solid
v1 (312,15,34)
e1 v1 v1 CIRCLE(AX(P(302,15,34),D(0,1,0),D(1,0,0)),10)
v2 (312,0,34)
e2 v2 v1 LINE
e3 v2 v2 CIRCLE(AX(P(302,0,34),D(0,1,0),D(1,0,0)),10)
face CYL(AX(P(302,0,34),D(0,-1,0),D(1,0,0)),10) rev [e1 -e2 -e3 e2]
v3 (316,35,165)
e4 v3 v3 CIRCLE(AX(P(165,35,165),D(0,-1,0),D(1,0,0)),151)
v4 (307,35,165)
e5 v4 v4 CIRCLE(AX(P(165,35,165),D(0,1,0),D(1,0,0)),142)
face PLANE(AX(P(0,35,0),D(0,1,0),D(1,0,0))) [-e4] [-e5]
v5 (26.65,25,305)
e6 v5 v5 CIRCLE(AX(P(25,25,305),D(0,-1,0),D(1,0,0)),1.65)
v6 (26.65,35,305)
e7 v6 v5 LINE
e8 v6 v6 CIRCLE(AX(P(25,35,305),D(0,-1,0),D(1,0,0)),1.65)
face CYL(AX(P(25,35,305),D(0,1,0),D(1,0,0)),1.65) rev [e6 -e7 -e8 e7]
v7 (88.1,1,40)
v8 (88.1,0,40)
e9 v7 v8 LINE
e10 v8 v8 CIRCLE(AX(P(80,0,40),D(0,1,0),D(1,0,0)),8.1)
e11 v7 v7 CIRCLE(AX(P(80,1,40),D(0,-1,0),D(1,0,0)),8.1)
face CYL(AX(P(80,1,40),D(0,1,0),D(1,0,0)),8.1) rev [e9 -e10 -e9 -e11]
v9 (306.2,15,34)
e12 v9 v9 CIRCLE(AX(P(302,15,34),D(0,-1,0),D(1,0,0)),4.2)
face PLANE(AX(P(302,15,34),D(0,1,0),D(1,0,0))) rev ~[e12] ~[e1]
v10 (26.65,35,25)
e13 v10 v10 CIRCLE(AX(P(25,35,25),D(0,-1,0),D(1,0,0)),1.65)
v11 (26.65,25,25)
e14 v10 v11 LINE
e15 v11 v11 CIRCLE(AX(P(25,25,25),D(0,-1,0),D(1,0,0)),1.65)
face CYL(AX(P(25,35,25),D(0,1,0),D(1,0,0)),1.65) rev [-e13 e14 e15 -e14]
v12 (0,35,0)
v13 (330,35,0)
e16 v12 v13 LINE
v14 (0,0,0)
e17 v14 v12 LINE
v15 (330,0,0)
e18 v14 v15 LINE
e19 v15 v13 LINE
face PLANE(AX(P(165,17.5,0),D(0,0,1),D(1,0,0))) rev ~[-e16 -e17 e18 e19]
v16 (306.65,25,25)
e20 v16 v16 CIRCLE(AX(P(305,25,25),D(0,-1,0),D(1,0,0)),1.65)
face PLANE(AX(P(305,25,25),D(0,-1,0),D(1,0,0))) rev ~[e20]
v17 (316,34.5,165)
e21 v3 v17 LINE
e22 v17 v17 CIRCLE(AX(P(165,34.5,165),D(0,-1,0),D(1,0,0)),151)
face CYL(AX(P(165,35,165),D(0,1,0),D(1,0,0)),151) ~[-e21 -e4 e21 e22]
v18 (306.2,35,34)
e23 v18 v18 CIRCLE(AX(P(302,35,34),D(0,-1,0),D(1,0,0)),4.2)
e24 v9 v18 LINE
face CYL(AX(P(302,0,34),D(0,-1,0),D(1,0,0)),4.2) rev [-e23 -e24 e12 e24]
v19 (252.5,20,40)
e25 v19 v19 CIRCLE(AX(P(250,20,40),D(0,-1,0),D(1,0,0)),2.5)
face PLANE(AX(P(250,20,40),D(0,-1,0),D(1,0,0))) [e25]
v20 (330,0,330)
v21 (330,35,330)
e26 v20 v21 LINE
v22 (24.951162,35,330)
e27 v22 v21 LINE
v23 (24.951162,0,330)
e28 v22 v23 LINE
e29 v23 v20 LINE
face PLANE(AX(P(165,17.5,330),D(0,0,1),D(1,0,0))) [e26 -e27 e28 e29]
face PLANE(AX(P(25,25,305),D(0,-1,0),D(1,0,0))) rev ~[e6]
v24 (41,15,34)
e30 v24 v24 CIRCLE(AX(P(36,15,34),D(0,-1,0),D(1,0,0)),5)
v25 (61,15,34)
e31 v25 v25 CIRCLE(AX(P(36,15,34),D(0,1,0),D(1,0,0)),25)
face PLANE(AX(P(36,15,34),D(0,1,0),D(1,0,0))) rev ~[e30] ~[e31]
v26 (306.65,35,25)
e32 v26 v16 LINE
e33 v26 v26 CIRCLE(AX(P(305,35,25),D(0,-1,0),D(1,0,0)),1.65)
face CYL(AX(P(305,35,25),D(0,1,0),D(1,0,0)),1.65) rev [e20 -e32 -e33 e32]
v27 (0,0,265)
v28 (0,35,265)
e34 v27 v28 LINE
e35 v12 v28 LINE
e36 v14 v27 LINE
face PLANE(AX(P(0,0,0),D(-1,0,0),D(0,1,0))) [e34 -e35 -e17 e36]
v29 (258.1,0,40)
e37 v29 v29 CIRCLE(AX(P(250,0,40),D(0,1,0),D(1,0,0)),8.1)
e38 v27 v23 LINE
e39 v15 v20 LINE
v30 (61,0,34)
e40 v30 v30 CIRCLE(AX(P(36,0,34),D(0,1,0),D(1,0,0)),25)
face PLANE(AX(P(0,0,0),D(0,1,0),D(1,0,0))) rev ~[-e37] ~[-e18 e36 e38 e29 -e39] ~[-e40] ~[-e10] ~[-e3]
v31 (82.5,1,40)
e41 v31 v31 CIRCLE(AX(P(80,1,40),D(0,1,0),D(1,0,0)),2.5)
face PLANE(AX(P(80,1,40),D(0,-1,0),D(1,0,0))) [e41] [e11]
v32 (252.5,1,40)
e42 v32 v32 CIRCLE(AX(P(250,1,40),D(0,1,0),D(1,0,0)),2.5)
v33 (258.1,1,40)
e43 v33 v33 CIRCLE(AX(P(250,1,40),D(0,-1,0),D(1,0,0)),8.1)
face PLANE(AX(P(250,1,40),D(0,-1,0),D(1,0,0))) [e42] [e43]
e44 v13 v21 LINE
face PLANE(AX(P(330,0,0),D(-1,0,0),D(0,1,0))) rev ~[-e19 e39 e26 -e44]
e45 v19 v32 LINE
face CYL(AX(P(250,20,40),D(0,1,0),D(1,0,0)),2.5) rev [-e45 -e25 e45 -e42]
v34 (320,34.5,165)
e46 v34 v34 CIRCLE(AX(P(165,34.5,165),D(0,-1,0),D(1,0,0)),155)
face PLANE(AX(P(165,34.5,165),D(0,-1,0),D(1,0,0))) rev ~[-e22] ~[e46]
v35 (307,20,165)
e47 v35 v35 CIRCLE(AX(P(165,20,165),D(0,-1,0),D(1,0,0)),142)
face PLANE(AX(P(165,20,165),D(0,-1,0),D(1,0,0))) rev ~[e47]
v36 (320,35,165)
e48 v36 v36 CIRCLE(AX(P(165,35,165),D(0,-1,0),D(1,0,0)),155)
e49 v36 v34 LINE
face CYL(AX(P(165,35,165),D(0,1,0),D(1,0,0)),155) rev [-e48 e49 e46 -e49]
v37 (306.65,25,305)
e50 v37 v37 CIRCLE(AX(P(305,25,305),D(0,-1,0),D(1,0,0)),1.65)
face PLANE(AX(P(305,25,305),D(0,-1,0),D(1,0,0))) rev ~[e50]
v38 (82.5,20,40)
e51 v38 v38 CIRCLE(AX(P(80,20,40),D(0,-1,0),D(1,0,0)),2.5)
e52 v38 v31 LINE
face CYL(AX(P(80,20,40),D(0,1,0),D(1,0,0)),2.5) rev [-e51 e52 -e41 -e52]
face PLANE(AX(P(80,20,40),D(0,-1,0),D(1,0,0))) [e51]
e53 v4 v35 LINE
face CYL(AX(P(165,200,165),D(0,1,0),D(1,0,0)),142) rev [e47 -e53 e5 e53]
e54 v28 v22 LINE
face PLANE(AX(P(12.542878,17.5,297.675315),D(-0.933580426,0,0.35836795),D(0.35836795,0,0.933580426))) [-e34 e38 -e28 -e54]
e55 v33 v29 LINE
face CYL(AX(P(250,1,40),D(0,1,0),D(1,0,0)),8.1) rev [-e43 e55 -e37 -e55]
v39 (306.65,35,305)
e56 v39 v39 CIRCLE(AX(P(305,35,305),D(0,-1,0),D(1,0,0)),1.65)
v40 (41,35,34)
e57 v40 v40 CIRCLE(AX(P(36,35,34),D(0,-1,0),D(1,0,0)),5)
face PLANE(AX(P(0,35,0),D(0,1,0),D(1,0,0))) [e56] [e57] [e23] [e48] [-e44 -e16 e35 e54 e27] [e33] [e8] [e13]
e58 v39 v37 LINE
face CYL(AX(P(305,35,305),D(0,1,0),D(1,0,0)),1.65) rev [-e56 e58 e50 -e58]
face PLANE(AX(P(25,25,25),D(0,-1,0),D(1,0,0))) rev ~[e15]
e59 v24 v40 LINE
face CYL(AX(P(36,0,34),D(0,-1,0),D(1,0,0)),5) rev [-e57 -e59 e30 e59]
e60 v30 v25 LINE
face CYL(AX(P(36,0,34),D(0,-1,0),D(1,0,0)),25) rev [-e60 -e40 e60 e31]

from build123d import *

# Parameters (mm, degrees)
CYLINDER021_R          = 1.65
CYLINDER021_DEPTH      = 10
CYLINDER022_R          = 1.65
CYLINDER022_DEPTH      = 10
CYLINDER023_R          = 1.65
CYLINDER023_DEPTH      = 10
CYLINDER024_R          = 1.65
CYLINDER024_DEPTH      = 10
CYLINDER020_R          = 8.1
CYLINDER020_DEPTH      = 20
CYLINDER019_R          = 8.1
CYLINDER019_DEPTH      = 20
CYLINDER008_R          = 2.5
CYLINDER008_DEPTH      = 20
CYLINDER007_R          = 2.5
CYLINDER007_DEPTH      = 20
CYLINDER006_R          = 142
CYLINDER006_DEPTH      = 180
CYLINDER005_R          = 151
CYLINDER005_DEPTH      = 0.5
CYLINDER004_R          = 155
CYLINDER004_DEPTH      = 0.5
CUT002_PLACEMENT_ANGLE = 90
CYLINDER003_R          = 25
CYLINDER003_DEPTH      = 15
CYLINDER001_R          = 5
CYLINDER001_DEPTH      = 40
CYLINDER_R             = 4.2
CYLINDER_DEPTH         = 40
CYLINDER002_R          = 10
CYLINDER002_DEPTH      = 15
BOX001_W               = 70
BOX001_H               = 35
BOX001_DEPTH           = 50
BOX001_PLACEMENT_ANGLE = 69
BOX_W                  = 330
BOX_H                  = 35
BOX_DEPTH              = 330


with BuildPart() as zylinder021:
    # Cylinder021 → Cylinder021 (new body)
    with BuildSketch(Plane(origin=(25, 35, 25), x_dir=(1, 0, 0), z_dir=(0, -1, 0))):
        Circle(CYLINDER021_R)
    extrude(amount=CYLINDER021_DEPTH)


with BuildPart() as zylinder022:
    # Cylinder022 → Cylinder022 (new body)
    with BuildSketch(Plane(origin=(305, 35, 25), x_dir=(1, 0, 0), z_dir=(0, -1, 0))):
        Circle(CYLINDER022_R)
    extrude(amount=CYLINDER022_DEPTH)


with BuildPart() as zylinder023:
    # Cylinder023 → Cylinder023 (new body)
    with BuildSketch(Plane(origin=(25, 35, 305), x_dir=(1, 0, 0), z_dir=(0, -1, 0))):
        Circle(CYLINDER023_R)
    extrude(amount=CYLINDER023_DEPTH)


with BuildPart() as holeform4copperscrew:
    # Cylinder024 → Cylinder024 (new body)
    with BuildSketch(Plane(origin=(305, 35, 305), x_dir=(1, 0, 0), z_dir=(0, -1, 0))):
        Circle(CYLINDER024_R)
    extrude(amount=CYLINDER024_DEPTH)

    # Fusion006: union Zylinder021, Zylinder022, Zylinder023
    add(zylinder021.part)
    add(zylinder022.part)
    add(zylinder023.part)


with BuildPart() as zylinder020:
    # Cylinder020 → Cylinder020 (new body)
    with BuildSketch(Plane(origin=(80, 1, 40), x_dir=(1, 0, 0), z_dir=(0, -1, 0))):
        Circle(CYLINDER020_R)
    extrude(amount=CYLINDER020_DEPTH)


with BuildPart() as fusion005:
    # Cylinder019 → Cylinder019 (new body)
    with BuildSketch(Plane(origin=(250, 1, 40), x_dir=(1, 0, 0), z_dir=(0, -1, 0))):
        Circle(CYLINDER019_R)
    extrude(amount=CYLINDER019_DEPTH)

    # Fusion005: union Zylinder020
    add(zylinder020.part)


with BuildPart() as zylinder008:
    # Cylinder008 → Cylinder008 (new body)
    with BuildSketch(Plane(origin=(250, 20, 40), x_dir=(1, 0, 0), z_dir=(0, -1, 0))):
        Circle(CYLINDER008_R)
    extrude(amount=CYLINDER008_DEPTH)


with BuildPart() as fusion003:
    # Cylinder007 → Cylinder007 (new body)
    with BuildSketch(Plane(origin=(80, 20, 40), x_dir=(1, 0, 0), z_dir=(0, -1, 0))):
        Circle(CYLINDER007_R)
    extrude(amount=CYLINDER007_DEPTH)

    # Fusion003: union Zylinder008
    add(zylinder008.part)


with BuildPart() as zylinder006:
    # Cylinder006 → Cylinder006 (new body)
    with BuildSketch(Plane(origin=(165, 200, 165), x_dir=(1, 0, 0), z_dir=(0, -1, 0))):
        Circle(CYLINDER006_R)
    extrude(amount=CYLINDER006_DEPTH)


with BuildPart() as zylinder005:
    # Cylinder005 → Cylinder005 (new body)
    with BuildSketch(Plane.XY):
        Circle(CYLINDER005_R)
    extrude(amount=CYLINDER005_DEPTH)


with BuildPart() as cut002:
    # Cylinder004 → Cylinder004 (new body)
    with BuildSketch(Plane.XY):
        Circle(CYLINDER004_R)
    extrude(amount=CYLINDER004_DEPTH)

    # Cut002: cut Zylinder005
    add(zylinder005.part, mode=Mode.SUBTRACT)


with BuildPart() as cut002_1:
    # Cut002 placement: moved
    add(cut002.part.moved(Location((165, 35, 165))).rotate(Axis((165, 35, 165), (1, 0, 0)), CUT002_PLACEMENT_ANGLE))


with BuildPart() as zylinder003:
    # Cylinder003 → Cylinder003 (new body)
    with BuildSketch(Plane(origin=(36, 0, 34), x_dir=(1, 0, 0), z_dir=(0, 1, 0))):
        Circle(CYLINDER003_R)
    extrude(amount=CYLINDER003_DEPTH)


with BuildPart() as fusion001:
    # Cylinder001 → Cylinder001 (new body)
    with BuildSketch(Plane(origin=(36, 0, 34), x_dir=(1, 0, 0), z_dir=(0, 1, 0))):
        Circle(CYLINDER001_R)
    extrude(amount=CYLINDER001_DEPTH)

    # Fusion001: union Zylinder003
    add(zylinder003.part)


with BuildPart() as zylinder:
    # Cylinder → Cylinder (new body)
    with BuildSketch(Plane(origin=(302, 0, 34), x_dir=(1, 0, 0), z_dir=(0, 1, 0))):
        Circle(CYLINDER_R)
    extrude(amount=CYLINDER_DEPTH)


with BuildPart() as fusion002:
    # Cylinder002 → Cylinder002 (new body)
    with BuildSketch(Plane(origin=(302, 0, 34), x_dir=(1, 0, 0), z_dir=(0, 1, 0))):
        Circle(CYLINDER002_R)
    extrude(amount=CYLINDER002_DEPTH)

    # Fusion: union Zylinder
    add(zylinder.part)

    # Fusion002: union Fusion001
    add(fusion001.part)


with BuildPart() as w_rfel001:
    # Box001 → Box001 (new body)
    with BuildSketch(Plane.XY):
        with Locations((35, 17.5)):
            Rectangle(BOX001_W, BOX001_H)
    extrude(amount=BOX001_DEPTH)


with BuildPart() as w_rfel001_1:
    # Box001 placement: moved
    add(w_rfel001.part.moved(Location((0, 0, 265))).rotate(Axis((0, 0, 265), (0, -1, 0)), BOX001_PLACEMENT_ANGLE))


with BuildPart() as simplefrontdoor01:
    # Box → Box (new body)
    with BuildSketch(Plane.XY):
        with Locations((165, 17.5)):
            Rectangle(BOX_W, BOX_H)
    extrude(amount=BOX_DEPTH)

    # Cut: cut Würfel001
    add(w_rfel001_1.part, mode=Mode.SUBTRACT)

    # Cut001: cut Fusion002
    add(fusion002.part, mode=Mode.SUBTRACT)

    # Cut003: cut Cut002
    add(cut002_1.part, mode=Mode.SUBTRACT)

    # Cut004: cut Zylinder006
    add(zylinder006.part, mode=Mode.SUBTRACT)

    # Cut005: cut Fusion003
    add(fusion003.part, mode=Mode.SUBTRACT)

    # Cut011: cut Fusion005
    add(fusion005.part, mode=Mode.SUBTRACT)

    # Cut012: cut HoleForM4CopperScrew
    add(holeform4copperscrew.part, mode=Mode.SUBTRACT)


solid = simplefrontdoor01.part
